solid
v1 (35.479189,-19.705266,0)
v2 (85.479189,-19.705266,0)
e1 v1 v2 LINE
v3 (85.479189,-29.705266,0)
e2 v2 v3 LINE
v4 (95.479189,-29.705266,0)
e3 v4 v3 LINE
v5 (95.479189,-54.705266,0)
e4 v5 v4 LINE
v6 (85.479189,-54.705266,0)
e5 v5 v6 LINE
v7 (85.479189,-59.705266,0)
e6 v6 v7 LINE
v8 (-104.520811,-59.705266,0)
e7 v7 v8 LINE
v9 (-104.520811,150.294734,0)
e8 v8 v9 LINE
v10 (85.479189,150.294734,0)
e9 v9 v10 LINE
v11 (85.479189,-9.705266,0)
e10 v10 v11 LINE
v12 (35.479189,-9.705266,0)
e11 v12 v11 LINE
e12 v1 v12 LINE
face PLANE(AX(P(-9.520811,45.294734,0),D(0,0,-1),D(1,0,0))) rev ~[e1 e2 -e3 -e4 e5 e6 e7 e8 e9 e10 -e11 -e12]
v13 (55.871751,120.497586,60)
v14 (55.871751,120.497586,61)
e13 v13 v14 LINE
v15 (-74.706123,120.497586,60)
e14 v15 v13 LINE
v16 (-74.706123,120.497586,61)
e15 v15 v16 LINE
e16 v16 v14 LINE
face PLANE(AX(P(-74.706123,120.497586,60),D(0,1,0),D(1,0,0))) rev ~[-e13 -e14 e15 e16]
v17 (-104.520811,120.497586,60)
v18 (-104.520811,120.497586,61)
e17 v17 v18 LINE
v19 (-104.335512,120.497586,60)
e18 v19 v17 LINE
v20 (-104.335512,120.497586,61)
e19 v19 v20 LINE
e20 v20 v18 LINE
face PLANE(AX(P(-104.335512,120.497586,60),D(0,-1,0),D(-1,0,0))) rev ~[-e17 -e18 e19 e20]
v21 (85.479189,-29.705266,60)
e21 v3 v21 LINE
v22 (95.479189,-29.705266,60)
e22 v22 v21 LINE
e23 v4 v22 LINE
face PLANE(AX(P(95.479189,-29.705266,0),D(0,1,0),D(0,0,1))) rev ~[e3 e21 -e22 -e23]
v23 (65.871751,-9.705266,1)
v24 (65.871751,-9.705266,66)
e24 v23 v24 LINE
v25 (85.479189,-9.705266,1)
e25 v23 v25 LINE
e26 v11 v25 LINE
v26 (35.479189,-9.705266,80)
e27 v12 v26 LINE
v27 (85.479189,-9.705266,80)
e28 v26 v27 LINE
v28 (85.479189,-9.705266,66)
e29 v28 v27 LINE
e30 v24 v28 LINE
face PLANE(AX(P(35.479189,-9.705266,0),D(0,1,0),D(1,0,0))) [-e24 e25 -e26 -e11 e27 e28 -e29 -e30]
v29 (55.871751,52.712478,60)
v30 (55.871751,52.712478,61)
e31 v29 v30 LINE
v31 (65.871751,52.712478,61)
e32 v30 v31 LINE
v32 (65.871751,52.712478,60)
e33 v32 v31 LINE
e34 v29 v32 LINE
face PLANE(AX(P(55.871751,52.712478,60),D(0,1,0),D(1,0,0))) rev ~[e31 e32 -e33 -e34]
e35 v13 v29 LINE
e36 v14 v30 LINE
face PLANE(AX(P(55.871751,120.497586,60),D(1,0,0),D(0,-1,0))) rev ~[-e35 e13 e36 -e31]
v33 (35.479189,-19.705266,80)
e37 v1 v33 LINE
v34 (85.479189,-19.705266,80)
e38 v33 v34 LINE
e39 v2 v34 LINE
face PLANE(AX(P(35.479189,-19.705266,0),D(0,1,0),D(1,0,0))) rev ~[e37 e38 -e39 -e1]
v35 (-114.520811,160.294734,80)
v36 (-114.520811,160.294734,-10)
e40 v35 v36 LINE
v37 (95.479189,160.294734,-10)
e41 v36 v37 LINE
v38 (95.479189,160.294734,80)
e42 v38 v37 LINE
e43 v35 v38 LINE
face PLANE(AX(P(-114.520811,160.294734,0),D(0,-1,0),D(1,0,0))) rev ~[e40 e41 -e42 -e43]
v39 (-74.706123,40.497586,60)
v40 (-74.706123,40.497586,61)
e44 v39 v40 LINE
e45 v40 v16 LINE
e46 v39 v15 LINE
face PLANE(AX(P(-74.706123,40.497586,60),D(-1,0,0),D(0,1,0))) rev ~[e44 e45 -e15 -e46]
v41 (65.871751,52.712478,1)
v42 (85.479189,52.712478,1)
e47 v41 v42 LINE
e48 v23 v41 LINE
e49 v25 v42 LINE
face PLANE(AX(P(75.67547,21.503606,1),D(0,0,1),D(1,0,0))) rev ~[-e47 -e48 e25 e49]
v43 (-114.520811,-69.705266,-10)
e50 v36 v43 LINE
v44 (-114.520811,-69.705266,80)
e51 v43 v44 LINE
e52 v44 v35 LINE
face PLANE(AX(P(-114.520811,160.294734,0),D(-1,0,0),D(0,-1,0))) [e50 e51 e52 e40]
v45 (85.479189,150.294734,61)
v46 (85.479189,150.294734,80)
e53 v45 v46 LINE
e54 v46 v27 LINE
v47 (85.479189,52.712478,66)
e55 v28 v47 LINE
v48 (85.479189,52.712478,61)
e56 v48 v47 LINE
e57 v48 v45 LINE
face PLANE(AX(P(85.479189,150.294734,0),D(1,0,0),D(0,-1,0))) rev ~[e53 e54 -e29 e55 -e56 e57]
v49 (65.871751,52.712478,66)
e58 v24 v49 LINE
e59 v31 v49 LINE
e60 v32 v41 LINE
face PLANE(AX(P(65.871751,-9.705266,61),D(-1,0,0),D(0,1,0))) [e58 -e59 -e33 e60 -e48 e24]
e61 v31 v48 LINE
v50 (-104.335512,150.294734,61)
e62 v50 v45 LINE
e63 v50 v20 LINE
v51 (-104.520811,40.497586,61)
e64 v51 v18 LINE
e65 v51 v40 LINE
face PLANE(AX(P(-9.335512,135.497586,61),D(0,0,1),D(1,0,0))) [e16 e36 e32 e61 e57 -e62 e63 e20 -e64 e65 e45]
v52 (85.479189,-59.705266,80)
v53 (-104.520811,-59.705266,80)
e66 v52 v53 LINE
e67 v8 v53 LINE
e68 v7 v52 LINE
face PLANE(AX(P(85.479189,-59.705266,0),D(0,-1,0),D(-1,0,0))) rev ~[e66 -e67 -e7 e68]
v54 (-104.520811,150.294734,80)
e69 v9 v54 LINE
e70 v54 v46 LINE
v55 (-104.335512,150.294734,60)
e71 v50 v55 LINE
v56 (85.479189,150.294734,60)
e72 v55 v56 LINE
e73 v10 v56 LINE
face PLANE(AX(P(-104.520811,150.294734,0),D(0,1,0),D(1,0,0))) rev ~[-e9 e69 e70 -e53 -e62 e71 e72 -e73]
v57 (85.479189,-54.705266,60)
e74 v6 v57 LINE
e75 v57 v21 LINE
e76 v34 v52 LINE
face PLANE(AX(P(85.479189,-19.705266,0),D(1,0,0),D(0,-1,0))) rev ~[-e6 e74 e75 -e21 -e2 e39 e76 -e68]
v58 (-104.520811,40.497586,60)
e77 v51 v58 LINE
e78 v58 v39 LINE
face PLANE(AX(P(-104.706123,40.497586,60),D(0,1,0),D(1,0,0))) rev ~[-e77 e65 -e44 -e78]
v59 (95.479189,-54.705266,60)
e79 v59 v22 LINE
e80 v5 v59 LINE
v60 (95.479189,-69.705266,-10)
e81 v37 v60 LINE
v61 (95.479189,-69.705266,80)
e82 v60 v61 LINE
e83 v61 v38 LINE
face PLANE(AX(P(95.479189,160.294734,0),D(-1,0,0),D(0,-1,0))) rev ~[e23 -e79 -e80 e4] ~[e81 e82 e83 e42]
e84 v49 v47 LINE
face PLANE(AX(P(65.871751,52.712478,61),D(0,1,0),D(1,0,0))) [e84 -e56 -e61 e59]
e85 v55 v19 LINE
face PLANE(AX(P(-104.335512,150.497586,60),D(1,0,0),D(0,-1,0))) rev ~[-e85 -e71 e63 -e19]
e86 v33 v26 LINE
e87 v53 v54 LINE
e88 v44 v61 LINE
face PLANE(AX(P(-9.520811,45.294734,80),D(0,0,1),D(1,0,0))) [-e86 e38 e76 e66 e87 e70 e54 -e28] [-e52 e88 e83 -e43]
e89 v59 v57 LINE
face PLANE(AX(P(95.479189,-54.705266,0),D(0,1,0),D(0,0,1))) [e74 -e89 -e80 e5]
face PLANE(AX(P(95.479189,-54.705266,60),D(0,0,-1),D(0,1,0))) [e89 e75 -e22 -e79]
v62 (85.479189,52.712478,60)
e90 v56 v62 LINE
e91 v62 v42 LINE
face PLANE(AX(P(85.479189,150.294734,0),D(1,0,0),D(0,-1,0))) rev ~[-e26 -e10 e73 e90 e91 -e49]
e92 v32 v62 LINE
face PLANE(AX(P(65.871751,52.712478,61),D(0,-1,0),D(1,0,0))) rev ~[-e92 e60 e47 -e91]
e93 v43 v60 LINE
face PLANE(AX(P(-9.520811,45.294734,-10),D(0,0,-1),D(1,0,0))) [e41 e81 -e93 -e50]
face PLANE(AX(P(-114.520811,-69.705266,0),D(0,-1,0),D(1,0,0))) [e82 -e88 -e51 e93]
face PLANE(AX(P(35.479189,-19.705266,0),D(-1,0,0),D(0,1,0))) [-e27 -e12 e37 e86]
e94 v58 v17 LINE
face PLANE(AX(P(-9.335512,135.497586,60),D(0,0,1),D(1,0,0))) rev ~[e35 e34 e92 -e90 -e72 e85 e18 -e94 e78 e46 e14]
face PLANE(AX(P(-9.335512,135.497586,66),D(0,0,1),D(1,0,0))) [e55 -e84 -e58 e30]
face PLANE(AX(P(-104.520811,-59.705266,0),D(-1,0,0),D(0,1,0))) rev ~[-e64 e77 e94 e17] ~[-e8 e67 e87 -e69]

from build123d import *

# Parameters (mm, degrees)
F0_W      = 210
F0_H      = 230
F0_W_2    = 50
F0_H_2    = 10
F1_DEPTH  = 80
F2_W      = 210
F2_H      = 230
F3_DEPTH  = 10
F5_W      = 20
F5_H      = 63
F6_DEPTH  = 1
F7_W      = 19.6074382961
F7_H      = 62.4177437024
F8_DEPTH  = 60
F9_W      = 25
F9_H      = 60
F10_DEPTH = 10
F11_W     = 19.6074382961
F11_H     = 52.7124775872
F12_DEPTH = 5
F13_DEPTH = 5


with BuildPart() as f1:
    # F0 (on Top) → F1 (new body)
    with BuildSketch(Plane.XY):
        with Locations((-9.5208105445, 45.2947338848)):
            Rectangle(F0_W, F0_H)
        Polygon((-104.5208105445, -59.7052661152), (-104.5208105445, 150.2947338848), (85.4791894555, 150.2947338848), (85.4791894555, -9.7052661152), (85.4791894555, -19.7052661152), (85.4791894555, -59.7052661152), (35.4791894555, -59.7052661152), align=None, mode=Mode.SUBTRACT)
        with Locations((60.4791894555, -14.7052661152)):
            Rectangle(F0_W_2, F0_H_2)
    extrude(amount=F1_DEPTH)

    # F2 (on face) → F3 (join)
    with BuildSketch(Plane(origin=(0, 0, 0), x_dir=(1, 0, 0), z_dir=(0, 0, -1))):
        with Locations((-9.5208105445, -45.2947338848)):
            Rectangle(F2_W, F2_H)
        Polygon((-104.5208105445, -150.2947338848), (-104.5208105445, 59.7052661152), (85.4791894555, 59.7052661152), (85.4791894555, 19.7052661152), (35.4791894555, 19.7052661152), (35.4791894555, 9.7052661152), (85.4791894555, 9.7052661152), (85.4791894555, -150.2947338848), align=None, mode=Mode.SUBTRACT)
        Polygon((85.4791894555, 59.7052661152), (-104.5208105445, 59.7052661152), (-104.5208105445, -150.2947338848), (85.4791894555, -150.2947338848), (85.4791894555, 9.7052661152), (35.4791894555, 9.7052661152), (35.4791894555, 19.7052661152), (85.4791894555, 19.7052661152), align=None)
    extrude(amount=F3_DEPTH)

    # F5 (on offset) → F6 (join)
    with BuildSketch(Plane.XY.offset(60)):
        Polygon((85.6644883752, 150.4975861311), (-104.3355116248, 150.4975861311), (-104.3355116248, 120.4975861311), (-74.7061234713, 120.4975861311), (55.8717511594, 120.4975861311), (85.6644883752, 120.4975861311), align=None)
        Polygon((-74.7061234713, 120.4975861311), (-104.3355116248, 120.4975861311), (-104.7061234713, 120.4975861311), (-104.7061234713, 40.4975861311), (-74.7061234713, 40.4975861311), align=None)
        Polygon((85.8717511594, 120.4975861311), (85.6644883752, 120.4975861311), (55.8717511594, 120.4975861311), (55.8717511594, 52.7124775872), (65.8717511594, 52.7124775872), (85.8717511594, 52.7124775872), align=None)
        with Locations((75.8717511594, 21.2124775872)):
            Rectangle(F5_W, F5_H)
    extrude(amount=F6_DEPTH)

    # F7 (on face) → F8 (join)
    with BuildSketch(Plane.XY.offset(61)):
        with Locations((75.6754703075, 21.503605736)):
            Rectangle(F7_W, F7_H)
    extrude(amount=-F8_DEPTH)

    # F9 (on face) → F10 (cut, through all)
    with BuildSketch(Plane.YZ.offset(95.4791894555)):
        with Locations((-42.2052661152, 30)):
            Rectangle(F9_W, F9_H)
    extrude(amount=-F10_DEPTH, mode=Mode.SUBTRACT)

    # F11 (on face) → F12 (join)
    with BuildSketch(Plane.XY.offset(61)):
        with Locations((75.6754703075, 26.3562387936)):
            Rectangle(F11_W, F11_H)
    extrude(amount=F12_DEPTH)

    # F13 (add): a face of the model
    f13_faces = [f1.faces().sort_by_distance(p)[0] for p in [
        (75.6754703075, -4.8526330576, 61),
    ]]
    extrude(f13_faces, amount=F13_DEPTH)


solid = f1.part
